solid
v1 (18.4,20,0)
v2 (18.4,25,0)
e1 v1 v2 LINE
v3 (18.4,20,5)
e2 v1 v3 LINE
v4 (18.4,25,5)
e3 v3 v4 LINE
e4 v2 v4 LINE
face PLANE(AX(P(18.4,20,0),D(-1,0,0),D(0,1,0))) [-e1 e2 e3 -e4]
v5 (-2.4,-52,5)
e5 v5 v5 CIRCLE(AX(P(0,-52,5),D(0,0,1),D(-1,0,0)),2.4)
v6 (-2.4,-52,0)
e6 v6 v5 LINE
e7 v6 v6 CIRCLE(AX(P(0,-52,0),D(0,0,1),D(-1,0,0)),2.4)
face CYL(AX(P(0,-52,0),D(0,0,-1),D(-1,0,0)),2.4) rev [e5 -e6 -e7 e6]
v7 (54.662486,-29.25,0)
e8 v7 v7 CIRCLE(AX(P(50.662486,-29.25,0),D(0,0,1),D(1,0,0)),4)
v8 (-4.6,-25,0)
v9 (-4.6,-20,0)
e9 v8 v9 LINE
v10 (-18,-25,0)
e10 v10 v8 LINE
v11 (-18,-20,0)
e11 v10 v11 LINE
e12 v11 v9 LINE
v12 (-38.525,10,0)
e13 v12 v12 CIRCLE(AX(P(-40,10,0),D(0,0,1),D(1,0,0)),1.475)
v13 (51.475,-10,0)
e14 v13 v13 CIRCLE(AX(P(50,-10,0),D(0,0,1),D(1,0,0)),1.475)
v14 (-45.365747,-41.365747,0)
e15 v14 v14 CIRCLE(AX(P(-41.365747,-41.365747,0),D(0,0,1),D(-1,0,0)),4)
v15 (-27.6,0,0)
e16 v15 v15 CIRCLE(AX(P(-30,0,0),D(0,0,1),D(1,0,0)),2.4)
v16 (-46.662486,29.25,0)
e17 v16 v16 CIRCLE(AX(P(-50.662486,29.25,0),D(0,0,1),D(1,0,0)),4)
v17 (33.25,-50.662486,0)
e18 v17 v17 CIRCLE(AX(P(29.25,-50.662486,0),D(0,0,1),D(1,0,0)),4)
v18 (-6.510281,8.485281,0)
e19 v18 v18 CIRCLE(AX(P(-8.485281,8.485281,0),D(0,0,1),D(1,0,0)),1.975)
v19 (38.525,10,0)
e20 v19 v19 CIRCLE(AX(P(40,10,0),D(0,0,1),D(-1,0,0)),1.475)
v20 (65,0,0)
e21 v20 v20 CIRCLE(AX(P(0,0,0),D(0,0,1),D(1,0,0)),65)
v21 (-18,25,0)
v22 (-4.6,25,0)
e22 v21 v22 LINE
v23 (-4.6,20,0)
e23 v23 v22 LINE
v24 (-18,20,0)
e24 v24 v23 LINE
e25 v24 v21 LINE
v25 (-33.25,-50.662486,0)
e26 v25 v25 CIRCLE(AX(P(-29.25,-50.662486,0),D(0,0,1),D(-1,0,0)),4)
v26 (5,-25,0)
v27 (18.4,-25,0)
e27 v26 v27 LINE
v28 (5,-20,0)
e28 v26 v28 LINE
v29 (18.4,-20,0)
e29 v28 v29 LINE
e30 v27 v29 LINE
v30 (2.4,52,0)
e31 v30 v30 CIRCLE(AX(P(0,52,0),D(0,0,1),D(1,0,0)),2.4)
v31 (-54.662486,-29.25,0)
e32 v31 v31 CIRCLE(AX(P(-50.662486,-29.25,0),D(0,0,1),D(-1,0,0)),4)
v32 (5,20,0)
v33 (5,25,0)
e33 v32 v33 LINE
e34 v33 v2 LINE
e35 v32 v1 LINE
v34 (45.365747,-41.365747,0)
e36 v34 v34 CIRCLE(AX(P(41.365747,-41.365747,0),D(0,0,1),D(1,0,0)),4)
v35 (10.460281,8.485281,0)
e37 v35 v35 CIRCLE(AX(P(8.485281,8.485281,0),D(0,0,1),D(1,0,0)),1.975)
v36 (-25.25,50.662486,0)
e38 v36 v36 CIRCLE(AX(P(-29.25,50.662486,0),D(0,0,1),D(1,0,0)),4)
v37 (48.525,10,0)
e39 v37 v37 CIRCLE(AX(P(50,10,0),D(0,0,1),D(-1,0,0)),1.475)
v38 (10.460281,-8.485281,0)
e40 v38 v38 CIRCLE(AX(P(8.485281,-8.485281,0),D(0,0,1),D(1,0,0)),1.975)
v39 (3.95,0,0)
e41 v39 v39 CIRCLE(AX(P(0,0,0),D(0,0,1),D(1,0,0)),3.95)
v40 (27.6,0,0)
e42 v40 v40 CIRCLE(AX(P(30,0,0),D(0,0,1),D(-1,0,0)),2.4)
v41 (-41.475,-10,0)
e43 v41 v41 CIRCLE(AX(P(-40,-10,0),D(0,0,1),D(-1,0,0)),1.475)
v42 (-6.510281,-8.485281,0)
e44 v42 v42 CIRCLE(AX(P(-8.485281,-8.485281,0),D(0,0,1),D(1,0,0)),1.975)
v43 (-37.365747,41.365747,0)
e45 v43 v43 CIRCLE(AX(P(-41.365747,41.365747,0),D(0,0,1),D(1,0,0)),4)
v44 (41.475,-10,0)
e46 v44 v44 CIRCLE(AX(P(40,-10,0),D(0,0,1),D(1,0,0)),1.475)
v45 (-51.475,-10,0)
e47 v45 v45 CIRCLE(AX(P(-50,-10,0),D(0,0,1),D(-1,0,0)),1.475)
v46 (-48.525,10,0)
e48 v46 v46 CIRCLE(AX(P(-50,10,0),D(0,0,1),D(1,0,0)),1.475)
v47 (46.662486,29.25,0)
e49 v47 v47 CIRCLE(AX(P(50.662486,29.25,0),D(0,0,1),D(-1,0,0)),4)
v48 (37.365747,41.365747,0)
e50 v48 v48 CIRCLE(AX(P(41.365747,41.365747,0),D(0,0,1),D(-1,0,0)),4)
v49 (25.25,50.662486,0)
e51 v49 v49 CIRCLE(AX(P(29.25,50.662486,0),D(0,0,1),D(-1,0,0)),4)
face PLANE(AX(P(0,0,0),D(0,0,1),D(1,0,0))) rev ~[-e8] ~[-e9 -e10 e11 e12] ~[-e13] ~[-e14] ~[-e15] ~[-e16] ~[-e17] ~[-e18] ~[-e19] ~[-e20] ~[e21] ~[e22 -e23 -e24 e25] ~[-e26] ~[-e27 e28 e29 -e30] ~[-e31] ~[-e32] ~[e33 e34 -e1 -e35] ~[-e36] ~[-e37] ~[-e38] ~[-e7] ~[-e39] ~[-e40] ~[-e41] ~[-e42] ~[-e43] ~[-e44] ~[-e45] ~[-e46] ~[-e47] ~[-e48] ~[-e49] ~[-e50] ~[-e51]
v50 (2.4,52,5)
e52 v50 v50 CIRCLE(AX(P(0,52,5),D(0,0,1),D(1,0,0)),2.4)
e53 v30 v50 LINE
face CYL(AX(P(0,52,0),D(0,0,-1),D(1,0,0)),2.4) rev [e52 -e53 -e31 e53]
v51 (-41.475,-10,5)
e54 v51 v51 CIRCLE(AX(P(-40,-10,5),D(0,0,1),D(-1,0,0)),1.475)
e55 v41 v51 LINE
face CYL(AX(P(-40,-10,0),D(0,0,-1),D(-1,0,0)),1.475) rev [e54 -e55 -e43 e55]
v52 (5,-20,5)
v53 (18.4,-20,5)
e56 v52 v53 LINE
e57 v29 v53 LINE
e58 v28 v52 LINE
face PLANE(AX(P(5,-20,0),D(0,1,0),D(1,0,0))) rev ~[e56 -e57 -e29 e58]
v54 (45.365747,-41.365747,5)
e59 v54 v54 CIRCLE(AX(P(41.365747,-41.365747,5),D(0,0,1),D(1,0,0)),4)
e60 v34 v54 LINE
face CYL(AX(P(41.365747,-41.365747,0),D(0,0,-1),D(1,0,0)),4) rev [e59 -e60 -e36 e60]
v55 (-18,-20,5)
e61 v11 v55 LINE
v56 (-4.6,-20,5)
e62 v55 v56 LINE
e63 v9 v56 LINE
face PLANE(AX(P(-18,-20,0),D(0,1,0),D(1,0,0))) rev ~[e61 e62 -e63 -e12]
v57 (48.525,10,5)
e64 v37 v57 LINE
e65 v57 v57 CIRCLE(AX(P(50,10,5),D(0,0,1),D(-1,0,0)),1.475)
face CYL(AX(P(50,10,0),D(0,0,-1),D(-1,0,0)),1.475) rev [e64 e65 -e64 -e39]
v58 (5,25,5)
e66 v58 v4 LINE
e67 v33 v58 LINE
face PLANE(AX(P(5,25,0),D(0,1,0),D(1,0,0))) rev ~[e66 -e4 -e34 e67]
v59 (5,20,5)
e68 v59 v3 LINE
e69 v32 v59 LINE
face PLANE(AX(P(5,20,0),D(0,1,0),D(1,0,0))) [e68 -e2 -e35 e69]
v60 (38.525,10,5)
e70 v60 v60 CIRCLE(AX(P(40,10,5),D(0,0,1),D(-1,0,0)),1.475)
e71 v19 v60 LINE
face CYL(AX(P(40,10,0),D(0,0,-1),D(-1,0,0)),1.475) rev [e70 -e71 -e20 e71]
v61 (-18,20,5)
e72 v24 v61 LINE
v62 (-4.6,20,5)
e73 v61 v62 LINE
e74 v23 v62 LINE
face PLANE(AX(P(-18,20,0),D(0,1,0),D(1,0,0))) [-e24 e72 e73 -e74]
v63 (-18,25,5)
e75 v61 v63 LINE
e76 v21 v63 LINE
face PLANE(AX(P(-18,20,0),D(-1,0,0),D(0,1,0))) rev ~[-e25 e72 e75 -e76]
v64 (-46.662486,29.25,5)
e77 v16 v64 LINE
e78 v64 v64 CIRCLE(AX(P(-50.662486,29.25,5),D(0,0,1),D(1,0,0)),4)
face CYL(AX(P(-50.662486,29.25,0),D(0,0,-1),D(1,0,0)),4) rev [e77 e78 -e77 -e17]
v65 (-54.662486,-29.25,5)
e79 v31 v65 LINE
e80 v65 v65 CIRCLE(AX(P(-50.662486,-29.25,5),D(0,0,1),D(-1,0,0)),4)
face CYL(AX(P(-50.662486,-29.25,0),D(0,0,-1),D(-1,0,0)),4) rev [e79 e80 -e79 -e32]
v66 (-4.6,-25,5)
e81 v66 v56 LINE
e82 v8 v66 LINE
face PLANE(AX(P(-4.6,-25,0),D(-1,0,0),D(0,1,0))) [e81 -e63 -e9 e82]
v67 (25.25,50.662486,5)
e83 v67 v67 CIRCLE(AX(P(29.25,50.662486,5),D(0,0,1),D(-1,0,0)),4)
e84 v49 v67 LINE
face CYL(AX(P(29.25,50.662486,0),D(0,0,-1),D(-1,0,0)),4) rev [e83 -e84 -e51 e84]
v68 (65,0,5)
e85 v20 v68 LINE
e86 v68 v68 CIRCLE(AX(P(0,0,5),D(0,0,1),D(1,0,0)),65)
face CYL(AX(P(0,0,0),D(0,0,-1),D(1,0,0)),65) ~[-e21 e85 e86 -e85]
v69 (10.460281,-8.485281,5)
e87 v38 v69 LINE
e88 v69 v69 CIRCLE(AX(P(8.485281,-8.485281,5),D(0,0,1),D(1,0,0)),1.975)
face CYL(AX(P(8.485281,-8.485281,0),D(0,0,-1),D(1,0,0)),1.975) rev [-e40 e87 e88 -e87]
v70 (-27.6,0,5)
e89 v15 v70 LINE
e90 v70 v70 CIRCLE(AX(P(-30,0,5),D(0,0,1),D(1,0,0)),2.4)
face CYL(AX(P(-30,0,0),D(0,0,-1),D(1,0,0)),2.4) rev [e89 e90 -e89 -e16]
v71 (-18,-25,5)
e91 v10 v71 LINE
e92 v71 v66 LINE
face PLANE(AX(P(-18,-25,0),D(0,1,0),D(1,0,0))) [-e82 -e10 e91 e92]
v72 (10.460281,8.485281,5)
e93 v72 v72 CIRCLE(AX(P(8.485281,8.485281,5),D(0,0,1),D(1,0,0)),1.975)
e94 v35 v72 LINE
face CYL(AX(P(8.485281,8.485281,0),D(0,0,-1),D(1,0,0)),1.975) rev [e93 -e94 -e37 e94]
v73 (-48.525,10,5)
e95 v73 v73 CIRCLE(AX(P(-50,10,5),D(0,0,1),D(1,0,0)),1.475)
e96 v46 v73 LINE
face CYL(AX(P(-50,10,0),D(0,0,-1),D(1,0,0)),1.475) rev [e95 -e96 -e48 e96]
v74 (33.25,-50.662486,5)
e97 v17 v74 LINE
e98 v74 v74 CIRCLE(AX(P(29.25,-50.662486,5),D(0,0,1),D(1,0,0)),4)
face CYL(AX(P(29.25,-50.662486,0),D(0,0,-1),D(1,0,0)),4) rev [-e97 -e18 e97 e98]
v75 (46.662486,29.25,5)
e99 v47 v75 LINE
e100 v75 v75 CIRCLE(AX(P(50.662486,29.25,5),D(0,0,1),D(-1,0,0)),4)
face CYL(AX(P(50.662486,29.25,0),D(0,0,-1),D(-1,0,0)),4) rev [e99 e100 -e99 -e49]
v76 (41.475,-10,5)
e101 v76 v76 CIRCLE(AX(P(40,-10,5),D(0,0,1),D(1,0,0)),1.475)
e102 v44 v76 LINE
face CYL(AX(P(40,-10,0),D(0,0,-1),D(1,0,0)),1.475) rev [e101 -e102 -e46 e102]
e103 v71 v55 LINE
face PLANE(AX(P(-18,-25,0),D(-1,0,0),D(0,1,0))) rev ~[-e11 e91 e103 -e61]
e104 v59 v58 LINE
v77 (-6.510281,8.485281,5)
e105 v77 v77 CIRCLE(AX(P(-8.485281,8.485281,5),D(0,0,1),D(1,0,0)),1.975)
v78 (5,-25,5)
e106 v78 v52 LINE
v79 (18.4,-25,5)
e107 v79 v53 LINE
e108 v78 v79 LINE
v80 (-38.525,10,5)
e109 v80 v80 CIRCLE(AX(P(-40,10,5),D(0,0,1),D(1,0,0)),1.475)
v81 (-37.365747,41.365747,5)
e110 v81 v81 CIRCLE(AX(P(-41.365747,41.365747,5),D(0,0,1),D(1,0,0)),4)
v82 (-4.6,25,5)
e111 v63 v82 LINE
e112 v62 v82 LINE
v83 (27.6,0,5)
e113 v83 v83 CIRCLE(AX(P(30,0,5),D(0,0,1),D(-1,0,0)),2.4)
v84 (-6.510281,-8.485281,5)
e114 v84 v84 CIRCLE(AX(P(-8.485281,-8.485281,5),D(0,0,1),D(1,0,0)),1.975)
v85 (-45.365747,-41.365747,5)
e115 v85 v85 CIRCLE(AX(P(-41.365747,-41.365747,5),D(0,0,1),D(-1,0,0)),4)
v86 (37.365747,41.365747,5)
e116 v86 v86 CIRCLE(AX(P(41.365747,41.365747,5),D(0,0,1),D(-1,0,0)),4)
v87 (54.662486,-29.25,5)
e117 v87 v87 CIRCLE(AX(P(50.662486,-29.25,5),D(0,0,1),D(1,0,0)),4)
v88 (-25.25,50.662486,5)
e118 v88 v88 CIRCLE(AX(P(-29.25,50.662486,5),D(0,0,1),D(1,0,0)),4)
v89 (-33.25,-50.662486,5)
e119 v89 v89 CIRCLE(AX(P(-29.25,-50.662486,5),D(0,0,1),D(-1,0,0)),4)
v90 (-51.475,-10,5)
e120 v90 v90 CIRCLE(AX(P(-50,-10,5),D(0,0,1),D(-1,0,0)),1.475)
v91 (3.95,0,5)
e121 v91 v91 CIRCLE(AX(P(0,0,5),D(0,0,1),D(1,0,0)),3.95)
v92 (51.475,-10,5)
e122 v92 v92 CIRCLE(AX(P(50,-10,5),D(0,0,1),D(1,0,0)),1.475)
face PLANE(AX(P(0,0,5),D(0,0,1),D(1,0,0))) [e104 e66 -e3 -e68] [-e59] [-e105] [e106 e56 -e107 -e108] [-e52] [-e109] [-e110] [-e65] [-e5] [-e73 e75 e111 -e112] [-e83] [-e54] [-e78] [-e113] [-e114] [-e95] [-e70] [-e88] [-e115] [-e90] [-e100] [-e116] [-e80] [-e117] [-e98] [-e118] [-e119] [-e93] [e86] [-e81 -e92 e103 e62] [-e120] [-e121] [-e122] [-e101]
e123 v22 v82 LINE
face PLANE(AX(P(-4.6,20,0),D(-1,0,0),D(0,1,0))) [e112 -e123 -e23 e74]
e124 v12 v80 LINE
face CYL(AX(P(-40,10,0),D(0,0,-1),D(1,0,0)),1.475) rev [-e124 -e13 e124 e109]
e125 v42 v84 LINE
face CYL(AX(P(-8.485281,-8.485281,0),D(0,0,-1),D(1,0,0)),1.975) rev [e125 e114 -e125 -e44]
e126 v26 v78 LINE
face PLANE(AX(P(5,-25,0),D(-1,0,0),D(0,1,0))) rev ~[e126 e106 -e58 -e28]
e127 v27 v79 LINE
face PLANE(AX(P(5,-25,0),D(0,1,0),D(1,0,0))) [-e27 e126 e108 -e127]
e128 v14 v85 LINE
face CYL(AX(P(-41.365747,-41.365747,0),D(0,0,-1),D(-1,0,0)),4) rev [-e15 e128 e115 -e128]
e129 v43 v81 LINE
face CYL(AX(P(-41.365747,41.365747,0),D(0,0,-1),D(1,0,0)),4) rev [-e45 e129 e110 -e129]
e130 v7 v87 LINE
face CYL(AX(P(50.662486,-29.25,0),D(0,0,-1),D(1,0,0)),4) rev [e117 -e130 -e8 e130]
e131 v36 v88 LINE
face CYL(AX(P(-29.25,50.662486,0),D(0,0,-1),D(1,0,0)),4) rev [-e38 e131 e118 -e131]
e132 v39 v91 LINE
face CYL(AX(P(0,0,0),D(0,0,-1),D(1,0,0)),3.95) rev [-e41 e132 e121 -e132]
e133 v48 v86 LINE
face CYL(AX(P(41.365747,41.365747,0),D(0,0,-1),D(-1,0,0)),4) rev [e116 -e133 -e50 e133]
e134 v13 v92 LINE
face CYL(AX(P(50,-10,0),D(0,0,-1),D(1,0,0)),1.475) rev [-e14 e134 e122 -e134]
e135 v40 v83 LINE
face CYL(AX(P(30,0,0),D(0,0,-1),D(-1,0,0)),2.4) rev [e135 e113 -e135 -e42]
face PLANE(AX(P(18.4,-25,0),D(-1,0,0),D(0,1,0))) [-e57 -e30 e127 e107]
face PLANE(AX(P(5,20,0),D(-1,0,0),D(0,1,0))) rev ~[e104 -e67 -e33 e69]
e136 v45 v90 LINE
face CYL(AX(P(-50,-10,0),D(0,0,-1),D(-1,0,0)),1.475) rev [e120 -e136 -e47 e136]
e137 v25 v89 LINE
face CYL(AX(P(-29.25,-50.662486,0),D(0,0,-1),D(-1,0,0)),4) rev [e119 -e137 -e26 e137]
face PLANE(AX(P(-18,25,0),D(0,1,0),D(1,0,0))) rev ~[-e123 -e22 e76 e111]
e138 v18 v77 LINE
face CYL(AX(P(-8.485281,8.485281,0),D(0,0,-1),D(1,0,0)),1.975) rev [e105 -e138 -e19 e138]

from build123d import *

# Parameters (mm, degrees)
SKETCH1_R           = 65
SKETCH1_R_2         = 3.95
SKETCH1_R_3         = 2.4
SKETCH1_R_4         = 4
SKETCH1_R_5         = 1.475
SKETCH1_R_6         = 1.975
SKETCH1_W           = 13.4
SKETCH1_H           = 5
BOSS_EXTRUDE1_DEPTH = 5


with BuildPart() as part:
    # Sketch1 → Boss-Extrude1 (new body)
    with BuildSketch(Plane.XY):
        Circle(SKETCH1_R)
        Circle(SKETCH1_R_2, mode=Mode.SUBTRACT)
        with Locations((0, 52)):
            Circle(SKETCH1_R_3, mode=Mode.SUBTRACT)
        with Locations((-30, 0)):
            Circle(SKETCH1_R_3, mode=Mode.SUBTRACT)
        with Locations(Location((0, -52, 0), (0, 0, 180))):
            Circle(SKETCH1_R_3, mode=Mode.SUBTRACT)
        with Locations(Location((30, 0, 0), (0, 0, 180))):
            Circle(SKETCH1_R_3, mode=Mode.SUBTRACT)
        with Locations((-41.365746699, 41.365746699)):
            Circle(SKETCH1_R_4, mode=Mode.SUBTRACT)
        with Locations((-29.25, 50.662486121)):
            Circle(SKETCH1_R_4, mode=Mode.SUBTRACT)
        with Locations((-50.662486121, 29.25)):
            Circle(SKETCH1_R_4, mode=Mode.SUBTRACT)
        with Locations(Location((50.662486121, 29.25, 0), (0, 0, 180))):
            Circle(SKETCH1_R_4, mode=Mode.SUBTRACT)
        with Locations(Location((41.365746699, 41.365746699, 0), (0, 0, 180))):
            Circle(SKETCH1_R_4, mode=Mode.SUBTRACT)
        with Locations(Location((29.25, 50.662486121, 0), (0, 0, 180))):
            Circle(SKETCH1_R_4, mode=Mode.SUBTRACT)
        with Locations((50.662486121, -29.25)):
            Circle(SKETCH1_R_4, mode=Mode.SUBTRACT)
        with Locations((41.365746699, -41.365746699)):
            Circle(SKETCH1_R_4, mode=Mode.SUBTRACT)
        with Locations((29.25, -50.662486121)):
            Circle(SKETCH1_R_4, mode=Mode.SUBTRACT)
        with Locations(Location((-29.25, -50.662486121, 0), (0, 0, 180))):
            Circle(SKETCH1_R_4, mode=Mode.SUBTRACT)
        with Locations(Location((-41.365746699, -41.365746699, 0), (0, 0, 180))):
            Circle(SKETCH1_R_4, mode=Mode.SUBTRACT)
        with Locations(Location((-50.662486121, -29.25, 0), (0, 0, 180))):
            Circle(SKETCH1_R_4, mode=Mode.SUBTRACT)
        with Locations((-40, 10)):
            Circle(SKETCH1_R_5, mode=Mode.SUBTRACT)
        with Locations((-50, 10)):
            Circle(SKETCH1_R_5, mode=Mode.SUBTRACT)
        with Locations(Location((-40, -10, 0), (0, 0, 180))):
            Circle(SKETCH1_R_5, mode=Mode.SUBTRACT)
        with Locations(Location((-50, -10, 0), (0, 0, 180))):
            Circle(SKETCH1_R_5, mode=Mode.SUBTRACT)
        with Locations((50, -10)):
            Circle(SKETCH1_R_5, mode=Mode.SUBTRACT)
        with Locations((40, -10)):
            Circle(SKETCH1_R_5, mode=Mode.SUBTRACT)
        with Locations(Location((40, 10, 0), (0, 0, 180))):
            Circle(SKETCH1_R_5, mode=Mode.SUBTRACT)
        with Locations(Location((50, 10, 0), (0, 0, 180))):
            Circle(SKETCH1_R_5, mode=Mode.SUBTRACT)
        with Locations((-8.485281374, 8.485281374)):
            Circle(SKETCH1_R_6, mode=Mode.SUBTRACT)
        with Locations((8.485281374, 8.485281374)):
            Circle(SKETCH1_R_6, mode=Mode.SUBTRACT)
        with Locations((8.485281374, -8.485281374)):
            Circle(SKETCH1_R_6, mode=Mode.SUBTRACT)
        with Locations((-8.485281374, -8.485281374)):
            Circle(SKETCH1_R_6, mode=Mode.SUBTRACT)
        with Locations((11.7, 22.5)):
            Rectangle(SKETCH1_W, SKETCH1_H, mode=Mode.SUBTRACT)
        with Locations((-11.3, 22.5)):
            Rectangle(SKETCH1_W, SKETCH1_H, mode=Mode.SUBTRACT)
        with Locations((11.7, -22.5)):
            Rectangle(SKETCH1_W, SKETCH1_H, mode=Mode.SUBTRACT)
        with Locations((-11.3, -22.5)):
            Rectangle(SKETCH1_W, SKETCH1_H, mode=Mode.SUBTRACT)
    extrude(amount=BOSS_EXTRUDE1_DEPTH)


solid = part.part
